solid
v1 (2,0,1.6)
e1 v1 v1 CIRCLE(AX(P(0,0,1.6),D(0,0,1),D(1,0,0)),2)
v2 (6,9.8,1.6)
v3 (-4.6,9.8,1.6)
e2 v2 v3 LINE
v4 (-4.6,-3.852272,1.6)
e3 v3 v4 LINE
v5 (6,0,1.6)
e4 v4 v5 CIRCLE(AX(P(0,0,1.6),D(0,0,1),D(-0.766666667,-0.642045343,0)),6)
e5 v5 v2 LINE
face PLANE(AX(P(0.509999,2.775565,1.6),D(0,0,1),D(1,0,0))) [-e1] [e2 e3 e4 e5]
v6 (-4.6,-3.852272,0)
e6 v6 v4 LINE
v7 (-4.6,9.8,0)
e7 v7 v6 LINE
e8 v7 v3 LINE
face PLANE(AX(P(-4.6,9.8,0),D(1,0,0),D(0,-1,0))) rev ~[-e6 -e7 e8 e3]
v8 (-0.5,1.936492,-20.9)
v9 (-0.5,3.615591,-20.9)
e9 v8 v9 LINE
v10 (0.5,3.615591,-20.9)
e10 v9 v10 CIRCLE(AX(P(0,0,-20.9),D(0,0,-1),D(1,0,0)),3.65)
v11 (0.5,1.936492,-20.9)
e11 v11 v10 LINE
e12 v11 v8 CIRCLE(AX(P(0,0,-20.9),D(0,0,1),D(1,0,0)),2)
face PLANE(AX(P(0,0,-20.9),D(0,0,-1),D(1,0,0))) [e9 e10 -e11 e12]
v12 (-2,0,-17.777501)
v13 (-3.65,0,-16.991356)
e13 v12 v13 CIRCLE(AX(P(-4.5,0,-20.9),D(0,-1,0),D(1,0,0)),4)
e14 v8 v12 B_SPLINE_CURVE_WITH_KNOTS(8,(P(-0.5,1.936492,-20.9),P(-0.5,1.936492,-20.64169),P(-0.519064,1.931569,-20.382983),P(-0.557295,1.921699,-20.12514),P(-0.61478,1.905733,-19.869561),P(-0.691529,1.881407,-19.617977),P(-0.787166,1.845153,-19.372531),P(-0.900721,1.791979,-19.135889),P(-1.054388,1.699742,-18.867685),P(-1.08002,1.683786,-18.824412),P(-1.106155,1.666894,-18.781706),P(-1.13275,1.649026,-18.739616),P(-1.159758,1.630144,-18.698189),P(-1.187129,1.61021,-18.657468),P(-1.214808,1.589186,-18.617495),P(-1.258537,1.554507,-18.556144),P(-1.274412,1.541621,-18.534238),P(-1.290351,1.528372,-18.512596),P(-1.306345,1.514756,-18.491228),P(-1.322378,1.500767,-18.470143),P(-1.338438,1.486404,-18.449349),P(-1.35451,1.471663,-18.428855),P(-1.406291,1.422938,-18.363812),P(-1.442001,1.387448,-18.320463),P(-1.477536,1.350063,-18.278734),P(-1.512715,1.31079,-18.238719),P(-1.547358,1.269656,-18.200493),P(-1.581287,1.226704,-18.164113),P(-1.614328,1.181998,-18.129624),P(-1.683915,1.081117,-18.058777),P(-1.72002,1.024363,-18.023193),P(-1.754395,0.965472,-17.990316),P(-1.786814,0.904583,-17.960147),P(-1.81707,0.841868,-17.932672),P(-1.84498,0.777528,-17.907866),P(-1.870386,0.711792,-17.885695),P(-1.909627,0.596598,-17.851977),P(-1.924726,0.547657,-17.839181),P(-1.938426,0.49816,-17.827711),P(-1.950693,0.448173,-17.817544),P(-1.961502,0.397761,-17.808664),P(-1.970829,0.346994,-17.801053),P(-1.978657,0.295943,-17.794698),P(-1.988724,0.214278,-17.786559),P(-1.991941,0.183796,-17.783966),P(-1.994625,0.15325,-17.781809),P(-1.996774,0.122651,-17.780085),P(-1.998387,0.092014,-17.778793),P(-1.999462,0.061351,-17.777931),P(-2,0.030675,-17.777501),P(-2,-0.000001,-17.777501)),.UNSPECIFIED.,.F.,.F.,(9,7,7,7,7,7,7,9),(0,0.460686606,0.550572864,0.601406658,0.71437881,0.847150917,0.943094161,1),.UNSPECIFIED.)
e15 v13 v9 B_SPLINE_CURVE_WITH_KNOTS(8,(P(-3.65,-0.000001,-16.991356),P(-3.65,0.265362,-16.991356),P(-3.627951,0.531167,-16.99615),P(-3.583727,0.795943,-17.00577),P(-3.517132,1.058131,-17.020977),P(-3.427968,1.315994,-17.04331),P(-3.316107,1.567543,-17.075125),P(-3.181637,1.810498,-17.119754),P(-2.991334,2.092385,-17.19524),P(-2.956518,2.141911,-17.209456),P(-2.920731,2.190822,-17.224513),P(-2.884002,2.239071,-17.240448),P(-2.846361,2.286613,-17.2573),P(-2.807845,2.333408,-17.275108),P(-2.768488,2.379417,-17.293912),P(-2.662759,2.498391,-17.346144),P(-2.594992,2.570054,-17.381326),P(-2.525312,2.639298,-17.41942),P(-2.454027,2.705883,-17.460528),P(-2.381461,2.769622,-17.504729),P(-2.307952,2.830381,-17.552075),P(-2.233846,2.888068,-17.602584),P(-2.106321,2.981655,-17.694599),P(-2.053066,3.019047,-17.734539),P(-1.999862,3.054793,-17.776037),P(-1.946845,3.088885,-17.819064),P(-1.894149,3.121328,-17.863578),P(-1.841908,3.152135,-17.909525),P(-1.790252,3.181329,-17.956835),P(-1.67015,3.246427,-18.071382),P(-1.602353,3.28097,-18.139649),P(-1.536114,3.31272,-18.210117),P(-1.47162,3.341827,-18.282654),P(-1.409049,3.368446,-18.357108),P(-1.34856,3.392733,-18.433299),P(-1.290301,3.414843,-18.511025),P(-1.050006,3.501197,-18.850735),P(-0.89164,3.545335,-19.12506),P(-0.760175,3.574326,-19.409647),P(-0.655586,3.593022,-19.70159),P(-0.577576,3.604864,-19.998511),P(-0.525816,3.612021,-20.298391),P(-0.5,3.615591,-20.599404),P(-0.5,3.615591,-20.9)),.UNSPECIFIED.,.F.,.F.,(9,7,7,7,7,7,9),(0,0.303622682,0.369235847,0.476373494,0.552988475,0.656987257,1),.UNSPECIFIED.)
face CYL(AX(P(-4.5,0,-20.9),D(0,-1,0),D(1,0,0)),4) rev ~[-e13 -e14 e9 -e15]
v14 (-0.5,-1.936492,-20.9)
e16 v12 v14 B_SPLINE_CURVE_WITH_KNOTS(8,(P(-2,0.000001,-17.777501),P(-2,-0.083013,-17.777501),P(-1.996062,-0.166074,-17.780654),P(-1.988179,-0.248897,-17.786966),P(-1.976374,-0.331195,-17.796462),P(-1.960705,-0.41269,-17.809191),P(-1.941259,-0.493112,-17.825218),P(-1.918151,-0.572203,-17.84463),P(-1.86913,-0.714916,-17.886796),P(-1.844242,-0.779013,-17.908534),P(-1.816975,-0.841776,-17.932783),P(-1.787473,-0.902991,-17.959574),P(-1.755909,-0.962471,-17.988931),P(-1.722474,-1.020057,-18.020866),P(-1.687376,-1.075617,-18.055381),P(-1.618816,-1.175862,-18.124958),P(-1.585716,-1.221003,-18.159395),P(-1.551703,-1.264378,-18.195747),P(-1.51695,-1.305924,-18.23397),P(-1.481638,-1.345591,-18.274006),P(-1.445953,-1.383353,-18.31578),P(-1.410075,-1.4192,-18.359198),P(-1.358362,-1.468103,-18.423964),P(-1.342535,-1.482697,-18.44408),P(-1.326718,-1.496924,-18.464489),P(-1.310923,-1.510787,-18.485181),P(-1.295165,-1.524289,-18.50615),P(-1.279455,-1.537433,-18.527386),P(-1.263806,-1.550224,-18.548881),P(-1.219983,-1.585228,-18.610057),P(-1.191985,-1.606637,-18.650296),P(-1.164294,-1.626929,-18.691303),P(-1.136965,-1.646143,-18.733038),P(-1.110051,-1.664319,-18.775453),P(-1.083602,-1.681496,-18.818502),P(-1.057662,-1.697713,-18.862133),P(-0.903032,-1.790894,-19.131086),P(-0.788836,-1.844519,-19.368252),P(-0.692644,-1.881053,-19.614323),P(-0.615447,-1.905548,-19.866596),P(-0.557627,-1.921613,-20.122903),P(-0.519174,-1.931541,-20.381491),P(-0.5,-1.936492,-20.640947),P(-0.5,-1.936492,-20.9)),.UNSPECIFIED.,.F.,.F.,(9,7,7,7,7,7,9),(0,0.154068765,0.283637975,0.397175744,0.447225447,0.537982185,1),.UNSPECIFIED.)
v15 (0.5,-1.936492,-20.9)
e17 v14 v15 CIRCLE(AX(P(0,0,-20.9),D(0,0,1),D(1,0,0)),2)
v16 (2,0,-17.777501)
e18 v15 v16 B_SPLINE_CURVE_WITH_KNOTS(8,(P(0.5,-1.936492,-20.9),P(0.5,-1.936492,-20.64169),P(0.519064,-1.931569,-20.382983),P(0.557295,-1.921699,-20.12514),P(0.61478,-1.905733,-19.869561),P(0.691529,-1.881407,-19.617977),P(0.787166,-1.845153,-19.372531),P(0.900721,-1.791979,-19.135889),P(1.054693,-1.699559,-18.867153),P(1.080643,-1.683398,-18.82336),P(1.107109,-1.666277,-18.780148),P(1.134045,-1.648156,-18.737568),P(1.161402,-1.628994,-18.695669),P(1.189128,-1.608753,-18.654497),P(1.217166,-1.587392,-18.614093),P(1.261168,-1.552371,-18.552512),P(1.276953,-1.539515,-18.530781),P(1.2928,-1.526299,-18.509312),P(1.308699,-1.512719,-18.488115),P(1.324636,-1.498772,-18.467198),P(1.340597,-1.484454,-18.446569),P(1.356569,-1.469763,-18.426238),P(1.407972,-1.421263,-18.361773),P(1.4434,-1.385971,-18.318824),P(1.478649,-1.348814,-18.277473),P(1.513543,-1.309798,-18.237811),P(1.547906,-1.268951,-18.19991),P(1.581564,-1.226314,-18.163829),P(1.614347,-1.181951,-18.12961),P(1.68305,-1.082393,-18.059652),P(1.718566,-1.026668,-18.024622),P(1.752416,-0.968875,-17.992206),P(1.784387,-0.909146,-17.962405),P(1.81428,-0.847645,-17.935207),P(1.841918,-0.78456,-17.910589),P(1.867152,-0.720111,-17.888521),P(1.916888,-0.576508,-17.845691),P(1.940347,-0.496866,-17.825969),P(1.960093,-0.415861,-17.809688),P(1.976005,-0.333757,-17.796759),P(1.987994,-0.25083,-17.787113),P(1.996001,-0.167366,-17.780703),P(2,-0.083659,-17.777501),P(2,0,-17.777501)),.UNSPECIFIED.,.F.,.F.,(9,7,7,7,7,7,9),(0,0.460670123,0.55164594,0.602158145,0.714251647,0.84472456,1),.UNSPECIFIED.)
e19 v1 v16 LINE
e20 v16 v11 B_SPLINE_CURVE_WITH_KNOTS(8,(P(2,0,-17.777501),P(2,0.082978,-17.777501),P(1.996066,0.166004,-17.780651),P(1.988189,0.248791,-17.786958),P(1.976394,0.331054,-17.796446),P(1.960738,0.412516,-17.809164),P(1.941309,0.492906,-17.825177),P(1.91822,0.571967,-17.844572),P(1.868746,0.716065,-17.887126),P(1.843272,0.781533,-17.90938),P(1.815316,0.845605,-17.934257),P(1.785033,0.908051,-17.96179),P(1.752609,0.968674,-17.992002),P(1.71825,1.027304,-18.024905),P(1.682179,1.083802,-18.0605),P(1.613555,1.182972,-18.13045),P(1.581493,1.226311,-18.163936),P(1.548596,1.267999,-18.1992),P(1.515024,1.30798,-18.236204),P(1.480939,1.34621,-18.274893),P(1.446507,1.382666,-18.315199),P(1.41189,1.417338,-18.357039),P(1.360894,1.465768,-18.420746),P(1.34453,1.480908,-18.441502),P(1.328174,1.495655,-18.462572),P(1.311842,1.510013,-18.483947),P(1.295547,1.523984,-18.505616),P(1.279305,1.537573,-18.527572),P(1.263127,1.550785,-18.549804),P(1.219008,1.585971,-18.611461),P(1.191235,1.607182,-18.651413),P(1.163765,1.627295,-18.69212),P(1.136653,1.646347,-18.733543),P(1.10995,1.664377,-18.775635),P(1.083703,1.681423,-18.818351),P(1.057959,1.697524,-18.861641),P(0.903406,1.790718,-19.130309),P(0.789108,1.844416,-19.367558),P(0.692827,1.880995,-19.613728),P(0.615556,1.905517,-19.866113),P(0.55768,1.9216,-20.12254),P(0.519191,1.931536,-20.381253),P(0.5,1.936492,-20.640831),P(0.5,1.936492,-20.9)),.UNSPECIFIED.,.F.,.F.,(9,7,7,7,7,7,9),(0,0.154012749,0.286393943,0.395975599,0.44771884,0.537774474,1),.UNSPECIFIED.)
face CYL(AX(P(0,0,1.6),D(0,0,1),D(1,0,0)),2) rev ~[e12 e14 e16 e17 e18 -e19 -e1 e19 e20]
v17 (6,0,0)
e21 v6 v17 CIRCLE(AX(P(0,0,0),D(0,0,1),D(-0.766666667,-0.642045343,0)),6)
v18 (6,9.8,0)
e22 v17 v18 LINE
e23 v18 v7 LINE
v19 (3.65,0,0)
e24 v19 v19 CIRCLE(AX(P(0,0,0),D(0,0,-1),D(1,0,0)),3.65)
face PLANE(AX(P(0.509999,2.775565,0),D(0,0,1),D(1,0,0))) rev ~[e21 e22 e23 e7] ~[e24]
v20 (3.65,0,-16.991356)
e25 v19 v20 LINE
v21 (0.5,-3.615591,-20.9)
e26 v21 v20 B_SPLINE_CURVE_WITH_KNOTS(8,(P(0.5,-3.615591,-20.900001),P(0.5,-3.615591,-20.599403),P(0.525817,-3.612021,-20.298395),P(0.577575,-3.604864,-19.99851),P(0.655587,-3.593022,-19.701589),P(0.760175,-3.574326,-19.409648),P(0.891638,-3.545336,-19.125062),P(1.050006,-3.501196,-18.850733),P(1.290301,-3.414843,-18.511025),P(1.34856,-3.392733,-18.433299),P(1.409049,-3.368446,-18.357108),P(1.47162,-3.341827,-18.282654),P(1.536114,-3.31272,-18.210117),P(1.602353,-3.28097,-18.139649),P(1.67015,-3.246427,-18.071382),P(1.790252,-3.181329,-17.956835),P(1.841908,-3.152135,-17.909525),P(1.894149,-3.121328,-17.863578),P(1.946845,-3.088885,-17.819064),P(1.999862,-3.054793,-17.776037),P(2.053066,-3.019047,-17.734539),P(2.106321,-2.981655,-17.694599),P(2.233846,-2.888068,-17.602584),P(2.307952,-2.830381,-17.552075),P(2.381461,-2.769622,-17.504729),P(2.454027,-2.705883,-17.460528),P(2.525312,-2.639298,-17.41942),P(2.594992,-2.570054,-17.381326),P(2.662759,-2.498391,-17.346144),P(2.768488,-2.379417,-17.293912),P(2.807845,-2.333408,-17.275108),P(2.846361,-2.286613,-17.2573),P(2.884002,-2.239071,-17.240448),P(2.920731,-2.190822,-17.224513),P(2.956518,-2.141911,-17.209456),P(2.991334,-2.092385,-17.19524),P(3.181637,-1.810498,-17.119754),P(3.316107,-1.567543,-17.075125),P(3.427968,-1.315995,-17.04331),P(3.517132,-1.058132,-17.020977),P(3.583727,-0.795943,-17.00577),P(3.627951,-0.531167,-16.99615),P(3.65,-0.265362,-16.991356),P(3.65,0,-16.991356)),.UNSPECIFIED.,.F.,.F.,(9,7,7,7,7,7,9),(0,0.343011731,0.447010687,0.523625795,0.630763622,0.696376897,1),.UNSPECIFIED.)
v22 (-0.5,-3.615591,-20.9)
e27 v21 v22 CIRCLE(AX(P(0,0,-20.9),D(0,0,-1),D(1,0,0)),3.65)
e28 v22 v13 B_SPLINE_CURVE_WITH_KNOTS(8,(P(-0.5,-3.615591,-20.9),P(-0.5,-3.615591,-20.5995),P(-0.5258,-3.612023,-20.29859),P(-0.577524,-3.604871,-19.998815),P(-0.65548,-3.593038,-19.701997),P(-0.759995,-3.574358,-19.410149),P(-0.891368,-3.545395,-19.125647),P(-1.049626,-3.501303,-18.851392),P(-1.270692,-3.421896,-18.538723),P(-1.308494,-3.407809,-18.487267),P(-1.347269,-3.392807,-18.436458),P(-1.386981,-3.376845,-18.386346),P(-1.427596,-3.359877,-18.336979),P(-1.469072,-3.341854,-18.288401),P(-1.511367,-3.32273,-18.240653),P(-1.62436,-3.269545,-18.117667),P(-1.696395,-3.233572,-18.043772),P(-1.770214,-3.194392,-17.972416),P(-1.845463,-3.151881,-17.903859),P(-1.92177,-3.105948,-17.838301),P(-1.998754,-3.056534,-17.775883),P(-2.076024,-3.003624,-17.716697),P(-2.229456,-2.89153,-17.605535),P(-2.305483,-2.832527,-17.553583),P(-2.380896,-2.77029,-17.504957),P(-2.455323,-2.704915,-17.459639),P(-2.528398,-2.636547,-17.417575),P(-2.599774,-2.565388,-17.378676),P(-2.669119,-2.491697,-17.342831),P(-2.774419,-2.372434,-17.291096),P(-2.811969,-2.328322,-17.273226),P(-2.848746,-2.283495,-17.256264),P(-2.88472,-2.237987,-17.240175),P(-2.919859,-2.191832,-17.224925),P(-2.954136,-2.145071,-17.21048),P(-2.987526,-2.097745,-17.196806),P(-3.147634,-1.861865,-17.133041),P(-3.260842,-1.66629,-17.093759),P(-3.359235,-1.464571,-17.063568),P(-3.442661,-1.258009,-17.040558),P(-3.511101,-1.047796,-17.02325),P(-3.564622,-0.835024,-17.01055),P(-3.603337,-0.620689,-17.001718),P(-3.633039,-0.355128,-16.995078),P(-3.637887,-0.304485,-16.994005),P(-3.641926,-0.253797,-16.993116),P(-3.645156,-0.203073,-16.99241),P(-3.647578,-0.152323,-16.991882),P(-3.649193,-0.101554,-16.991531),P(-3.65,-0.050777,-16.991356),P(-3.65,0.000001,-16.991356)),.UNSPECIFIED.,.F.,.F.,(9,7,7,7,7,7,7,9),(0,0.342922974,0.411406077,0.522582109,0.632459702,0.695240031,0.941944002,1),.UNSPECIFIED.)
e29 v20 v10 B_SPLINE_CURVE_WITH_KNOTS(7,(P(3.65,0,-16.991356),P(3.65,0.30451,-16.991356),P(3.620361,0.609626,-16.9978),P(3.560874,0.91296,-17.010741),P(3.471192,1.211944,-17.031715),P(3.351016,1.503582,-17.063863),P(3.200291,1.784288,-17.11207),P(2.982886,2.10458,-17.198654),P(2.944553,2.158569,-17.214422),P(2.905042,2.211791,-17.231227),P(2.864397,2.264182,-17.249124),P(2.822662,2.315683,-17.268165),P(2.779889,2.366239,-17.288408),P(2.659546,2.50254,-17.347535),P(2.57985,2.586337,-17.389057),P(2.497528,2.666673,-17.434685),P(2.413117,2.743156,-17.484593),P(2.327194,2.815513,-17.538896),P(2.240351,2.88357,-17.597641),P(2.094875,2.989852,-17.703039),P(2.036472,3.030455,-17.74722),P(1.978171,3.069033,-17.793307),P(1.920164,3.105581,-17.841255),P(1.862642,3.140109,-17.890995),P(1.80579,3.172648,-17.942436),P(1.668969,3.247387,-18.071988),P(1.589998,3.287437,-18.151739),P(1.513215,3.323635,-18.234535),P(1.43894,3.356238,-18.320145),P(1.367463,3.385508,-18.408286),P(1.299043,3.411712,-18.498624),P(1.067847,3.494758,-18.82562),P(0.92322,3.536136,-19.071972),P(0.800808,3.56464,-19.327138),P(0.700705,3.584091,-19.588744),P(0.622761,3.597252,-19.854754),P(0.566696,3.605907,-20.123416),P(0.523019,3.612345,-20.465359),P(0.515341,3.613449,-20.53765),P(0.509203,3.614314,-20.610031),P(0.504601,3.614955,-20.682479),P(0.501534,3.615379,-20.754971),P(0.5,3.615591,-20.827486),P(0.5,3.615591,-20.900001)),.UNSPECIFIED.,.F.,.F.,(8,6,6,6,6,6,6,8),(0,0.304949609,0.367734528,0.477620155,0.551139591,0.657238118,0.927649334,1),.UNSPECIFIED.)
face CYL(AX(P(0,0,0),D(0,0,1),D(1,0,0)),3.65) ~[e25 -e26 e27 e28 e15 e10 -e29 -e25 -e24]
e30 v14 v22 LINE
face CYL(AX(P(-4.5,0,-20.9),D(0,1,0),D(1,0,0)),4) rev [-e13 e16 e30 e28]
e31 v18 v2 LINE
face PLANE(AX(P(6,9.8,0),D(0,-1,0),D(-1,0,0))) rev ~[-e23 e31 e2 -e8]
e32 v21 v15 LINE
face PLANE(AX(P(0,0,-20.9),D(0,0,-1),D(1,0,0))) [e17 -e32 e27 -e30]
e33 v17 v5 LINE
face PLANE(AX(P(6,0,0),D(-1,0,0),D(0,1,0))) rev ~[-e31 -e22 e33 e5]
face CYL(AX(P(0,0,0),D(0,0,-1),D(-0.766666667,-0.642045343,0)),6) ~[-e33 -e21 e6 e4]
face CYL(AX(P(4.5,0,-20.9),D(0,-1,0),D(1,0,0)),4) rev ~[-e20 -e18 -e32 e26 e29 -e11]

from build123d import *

# Parameters (mm, degrees)
F1_DEPTH      = 1.6
F2_R          = 3.65
F3_DEPTH      = 20.9
F4_R          = 4
F5_DEPTH      = 25
F5_DEPTH_BACK = 25
F6_R          = 2
F7_DEPTH      = 22.5010001


with BuildPart() as f1:
    # F0 (on Top) → F1 (new body)
    with BuildSketch(Plane.XY):
        with BuildLine():
            Line((-4.6, 9.8), (-4.6, -3.8522720569))
            ThreePointArc((-4.6, -3.8522720569), (2.0493901532, -5.6391488719), (6, 0))
            Line((6, 0), (6, 9.8))
            Line((6, 9.8), (-4.6, 9.8))
        make_face()
    extrude(amount=F1_DEPTH)

    # F2 (on face) → F3 (join)
    with BuildSketch(Plane(origin=(0, 0, 0), x_dir=(1, 0, 0), z_dir=(0, 0, -1))):
        Circle(F2_R)
    extrude(amount=F3_DEPTH)

    # F4 (on Front) → F5 (cut, two sides)
    with BuildSketch(Plane.XZ) as f5_sk:
        with Locations((4.5, -20.9)):
            Circle(F4_R)
        with Locations((-4.5, -20.9)):
            Circle(F4_R)
    extrude(amount=-F5_DEPTH, mode=Mode.SUBTRACT)
    extrude(f5_sk.sketch, amount=F5_DEPTH_BACK, mode=Mode.SUBTRACT)

    # F6 (on face) → F7 (cut, through all)
    with BuildSketch(Plane.XY.offset(1.6)):
        Circle(F6_R)
    extrude(amount=-F7_DEPTH, mode=Mode.SUBTRACT)


solid = f1.part
